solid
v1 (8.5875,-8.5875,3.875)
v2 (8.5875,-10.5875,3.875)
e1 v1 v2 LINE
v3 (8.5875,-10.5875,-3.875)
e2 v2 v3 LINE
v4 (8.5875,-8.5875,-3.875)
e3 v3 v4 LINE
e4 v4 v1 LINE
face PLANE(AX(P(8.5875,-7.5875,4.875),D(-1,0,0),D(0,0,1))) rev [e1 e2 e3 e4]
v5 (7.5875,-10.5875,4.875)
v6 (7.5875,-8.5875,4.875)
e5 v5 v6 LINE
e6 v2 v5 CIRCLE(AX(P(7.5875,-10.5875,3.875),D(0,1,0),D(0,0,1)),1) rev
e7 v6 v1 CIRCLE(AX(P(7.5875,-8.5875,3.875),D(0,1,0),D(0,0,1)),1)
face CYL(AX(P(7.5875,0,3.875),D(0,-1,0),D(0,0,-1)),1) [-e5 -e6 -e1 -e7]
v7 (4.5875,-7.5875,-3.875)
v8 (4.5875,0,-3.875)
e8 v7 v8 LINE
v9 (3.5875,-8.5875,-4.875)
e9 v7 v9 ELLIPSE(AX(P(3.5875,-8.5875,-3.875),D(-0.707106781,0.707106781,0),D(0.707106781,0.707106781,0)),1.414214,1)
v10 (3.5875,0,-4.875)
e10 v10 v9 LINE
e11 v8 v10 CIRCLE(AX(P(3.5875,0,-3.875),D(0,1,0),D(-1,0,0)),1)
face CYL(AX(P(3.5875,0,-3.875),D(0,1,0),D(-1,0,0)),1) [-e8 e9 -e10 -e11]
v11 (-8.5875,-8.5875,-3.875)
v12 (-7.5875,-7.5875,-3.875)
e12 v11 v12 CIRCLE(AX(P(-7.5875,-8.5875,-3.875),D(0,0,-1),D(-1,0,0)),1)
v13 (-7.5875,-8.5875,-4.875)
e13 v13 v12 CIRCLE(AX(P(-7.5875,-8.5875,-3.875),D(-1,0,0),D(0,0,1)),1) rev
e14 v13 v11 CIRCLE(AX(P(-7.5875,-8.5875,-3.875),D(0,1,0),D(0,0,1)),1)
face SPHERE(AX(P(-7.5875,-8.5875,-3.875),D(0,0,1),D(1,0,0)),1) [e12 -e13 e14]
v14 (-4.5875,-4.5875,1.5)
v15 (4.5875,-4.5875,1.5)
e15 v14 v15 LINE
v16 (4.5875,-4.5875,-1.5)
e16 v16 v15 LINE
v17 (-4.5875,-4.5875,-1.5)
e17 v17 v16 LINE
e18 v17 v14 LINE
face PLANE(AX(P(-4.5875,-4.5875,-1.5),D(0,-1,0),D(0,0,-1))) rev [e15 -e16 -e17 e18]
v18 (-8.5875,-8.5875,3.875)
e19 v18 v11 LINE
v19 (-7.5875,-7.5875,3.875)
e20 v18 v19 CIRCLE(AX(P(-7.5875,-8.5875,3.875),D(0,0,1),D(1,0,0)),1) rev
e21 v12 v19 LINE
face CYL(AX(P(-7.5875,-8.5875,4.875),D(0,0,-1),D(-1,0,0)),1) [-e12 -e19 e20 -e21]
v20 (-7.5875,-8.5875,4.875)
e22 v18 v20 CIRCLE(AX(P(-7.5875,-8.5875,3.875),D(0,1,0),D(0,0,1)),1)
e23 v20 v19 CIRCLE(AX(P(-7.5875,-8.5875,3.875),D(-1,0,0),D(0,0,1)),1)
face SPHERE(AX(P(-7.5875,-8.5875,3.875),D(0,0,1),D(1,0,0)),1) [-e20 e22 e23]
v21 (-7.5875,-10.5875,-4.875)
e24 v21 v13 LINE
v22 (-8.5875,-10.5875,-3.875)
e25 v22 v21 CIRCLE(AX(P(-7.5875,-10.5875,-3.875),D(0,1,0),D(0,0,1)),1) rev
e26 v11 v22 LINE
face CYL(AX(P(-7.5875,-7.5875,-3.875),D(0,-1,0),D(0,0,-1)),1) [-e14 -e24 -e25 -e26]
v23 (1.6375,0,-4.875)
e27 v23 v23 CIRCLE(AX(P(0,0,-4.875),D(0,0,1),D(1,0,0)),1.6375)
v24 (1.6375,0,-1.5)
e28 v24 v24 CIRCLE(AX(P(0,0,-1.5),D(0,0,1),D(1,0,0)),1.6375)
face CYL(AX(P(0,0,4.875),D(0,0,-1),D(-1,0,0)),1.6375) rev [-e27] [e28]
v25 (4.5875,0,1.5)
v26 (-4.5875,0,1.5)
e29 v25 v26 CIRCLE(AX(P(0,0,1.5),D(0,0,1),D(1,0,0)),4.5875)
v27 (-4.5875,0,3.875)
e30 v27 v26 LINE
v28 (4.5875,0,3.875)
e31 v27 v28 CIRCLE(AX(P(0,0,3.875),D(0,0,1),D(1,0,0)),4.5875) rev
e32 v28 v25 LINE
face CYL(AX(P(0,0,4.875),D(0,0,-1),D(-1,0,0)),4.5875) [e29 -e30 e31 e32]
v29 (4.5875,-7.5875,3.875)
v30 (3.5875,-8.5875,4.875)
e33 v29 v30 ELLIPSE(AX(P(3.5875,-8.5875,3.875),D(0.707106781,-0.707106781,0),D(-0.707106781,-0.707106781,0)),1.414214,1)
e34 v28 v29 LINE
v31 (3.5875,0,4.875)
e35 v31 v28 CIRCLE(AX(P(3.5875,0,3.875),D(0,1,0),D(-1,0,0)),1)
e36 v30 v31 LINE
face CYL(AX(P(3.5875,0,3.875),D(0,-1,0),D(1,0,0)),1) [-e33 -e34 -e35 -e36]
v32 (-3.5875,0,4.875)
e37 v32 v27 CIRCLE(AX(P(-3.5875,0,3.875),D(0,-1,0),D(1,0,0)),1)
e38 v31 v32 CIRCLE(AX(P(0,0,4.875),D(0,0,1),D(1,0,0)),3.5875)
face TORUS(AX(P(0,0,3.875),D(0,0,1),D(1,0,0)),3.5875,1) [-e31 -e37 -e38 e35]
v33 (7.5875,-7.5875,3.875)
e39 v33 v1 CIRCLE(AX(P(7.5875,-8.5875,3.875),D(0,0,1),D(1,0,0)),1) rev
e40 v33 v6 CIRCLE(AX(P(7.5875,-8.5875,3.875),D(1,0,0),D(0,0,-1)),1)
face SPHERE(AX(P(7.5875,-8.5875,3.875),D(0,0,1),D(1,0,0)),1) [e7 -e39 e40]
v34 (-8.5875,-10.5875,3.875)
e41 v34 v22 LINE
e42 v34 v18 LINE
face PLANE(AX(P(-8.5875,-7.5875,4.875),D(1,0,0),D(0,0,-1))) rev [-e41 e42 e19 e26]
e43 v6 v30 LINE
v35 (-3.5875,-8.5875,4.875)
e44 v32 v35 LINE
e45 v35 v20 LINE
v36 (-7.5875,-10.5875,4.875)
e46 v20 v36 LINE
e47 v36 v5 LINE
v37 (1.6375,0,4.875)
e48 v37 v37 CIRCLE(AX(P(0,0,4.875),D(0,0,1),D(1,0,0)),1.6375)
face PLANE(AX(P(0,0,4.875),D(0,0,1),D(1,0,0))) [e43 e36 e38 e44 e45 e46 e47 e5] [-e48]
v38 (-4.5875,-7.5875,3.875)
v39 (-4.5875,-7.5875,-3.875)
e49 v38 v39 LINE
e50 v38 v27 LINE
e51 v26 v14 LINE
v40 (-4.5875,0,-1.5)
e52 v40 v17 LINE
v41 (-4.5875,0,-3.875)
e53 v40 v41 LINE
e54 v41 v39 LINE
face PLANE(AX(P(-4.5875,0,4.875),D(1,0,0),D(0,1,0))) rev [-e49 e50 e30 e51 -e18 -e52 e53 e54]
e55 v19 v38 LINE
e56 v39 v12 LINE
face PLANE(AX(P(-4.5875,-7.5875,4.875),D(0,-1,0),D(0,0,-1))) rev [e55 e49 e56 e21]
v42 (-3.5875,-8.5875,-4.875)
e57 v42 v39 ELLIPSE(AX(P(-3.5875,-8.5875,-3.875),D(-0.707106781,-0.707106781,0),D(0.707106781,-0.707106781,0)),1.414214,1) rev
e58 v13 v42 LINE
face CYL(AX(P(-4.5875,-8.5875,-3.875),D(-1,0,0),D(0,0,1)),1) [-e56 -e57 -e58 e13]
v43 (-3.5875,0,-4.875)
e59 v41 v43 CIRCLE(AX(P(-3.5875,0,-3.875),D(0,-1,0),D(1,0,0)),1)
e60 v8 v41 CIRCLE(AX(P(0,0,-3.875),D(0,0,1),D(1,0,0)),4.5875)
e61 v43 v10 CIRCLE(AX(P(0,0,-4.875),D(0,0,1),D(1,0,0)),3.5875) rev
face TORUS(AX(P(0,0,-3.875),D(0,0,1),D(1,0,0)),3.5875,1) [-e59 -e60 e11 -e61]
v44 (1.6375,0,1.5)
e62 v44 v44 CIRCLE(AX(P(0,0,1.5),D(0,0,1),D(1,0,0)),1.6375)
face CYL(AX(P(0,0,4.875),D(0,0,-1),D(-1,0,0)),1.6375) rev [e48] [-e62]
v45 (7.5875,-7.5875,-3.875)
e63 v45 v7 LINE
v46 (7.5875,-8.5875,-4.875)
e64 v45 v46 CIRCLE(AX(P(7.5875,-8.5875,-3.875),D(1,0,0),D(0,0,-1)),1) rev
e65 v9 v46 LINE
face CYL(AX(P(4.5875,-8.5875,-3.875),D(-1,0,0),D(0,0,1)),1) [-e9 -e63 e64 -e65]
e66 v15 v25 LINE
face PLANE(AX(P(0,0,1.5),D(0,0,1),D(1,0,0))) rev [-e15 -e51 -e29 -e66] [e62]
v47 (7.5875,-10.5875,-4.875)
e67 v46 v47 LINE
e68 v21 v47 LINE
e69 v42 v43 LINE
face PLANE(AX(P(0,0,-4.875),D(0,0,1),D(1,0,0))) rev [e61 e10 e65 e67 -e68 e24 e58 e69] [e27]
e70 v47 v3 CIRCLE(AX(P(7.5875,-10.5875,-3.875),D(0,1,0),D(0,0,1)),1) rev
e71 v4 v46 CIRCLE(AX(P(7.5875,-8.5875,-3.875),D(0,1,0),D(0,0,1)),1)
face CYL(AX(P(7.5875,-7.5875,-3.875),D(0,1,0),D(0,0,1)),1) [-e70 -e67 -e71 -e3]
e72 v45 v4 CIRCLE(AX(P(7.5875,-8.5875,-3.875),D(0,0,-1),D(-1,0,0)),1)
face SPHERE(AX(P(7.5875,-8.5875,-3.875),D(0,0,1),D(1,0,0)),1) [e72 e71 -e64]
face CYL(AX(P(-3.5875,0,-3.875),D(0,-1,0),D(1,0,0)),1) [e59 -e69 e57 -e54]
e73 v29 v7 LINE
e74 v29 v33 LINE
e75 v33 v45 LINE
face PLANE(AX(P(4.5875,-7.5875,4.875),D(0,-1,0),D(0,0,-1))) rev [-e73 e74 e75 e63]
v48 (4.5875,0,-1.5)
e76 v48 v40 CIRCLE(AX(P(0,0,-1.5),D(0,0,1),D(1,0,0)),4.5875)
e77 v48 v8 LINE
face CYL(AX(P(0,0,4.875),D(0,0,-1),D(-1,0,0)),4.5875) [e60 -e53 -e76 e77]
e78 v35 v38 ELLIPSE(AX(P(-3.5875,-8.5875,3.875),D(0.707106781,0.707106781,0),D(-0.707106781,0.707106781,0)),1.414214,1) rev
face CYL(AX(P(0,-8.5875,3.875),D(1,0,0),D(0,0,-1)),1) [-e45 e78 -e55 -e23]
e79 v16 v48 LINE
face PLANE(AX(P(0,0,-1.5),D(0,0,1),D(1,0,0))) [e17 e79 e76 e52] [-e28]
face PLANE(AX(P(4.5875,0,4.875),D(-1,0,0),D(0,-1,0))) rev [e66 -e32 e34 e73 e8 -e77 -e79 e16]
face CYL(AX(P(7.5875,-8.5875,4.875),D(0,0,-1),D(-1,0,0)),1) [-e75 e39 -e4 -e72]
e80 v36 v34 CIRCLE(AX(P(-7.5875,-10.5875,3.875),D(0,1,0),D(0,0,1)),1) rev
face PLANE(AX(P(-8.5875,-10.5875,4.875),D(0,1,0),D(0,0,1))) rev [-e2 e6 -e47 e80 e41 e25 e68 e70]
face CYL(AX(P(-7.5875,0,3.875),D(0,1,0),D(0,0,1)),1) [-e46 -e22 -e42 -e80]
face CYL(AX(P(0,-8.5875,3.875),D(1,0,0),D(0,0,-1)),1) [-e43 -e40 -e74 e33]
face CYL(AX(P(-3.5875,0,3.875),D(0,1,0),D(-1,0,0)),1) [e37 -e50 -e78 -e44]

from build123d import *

# Parameters (mm, degrees)
SKETCH1_R           = 1.6375
BOSS_EXTRUDE1_DEPTH = 4.875
SKETCH3_R           = 1.6375
CUT_EXTRUDE1_DEPTH  = 1.5
FILLET1_R           = 1


with BuildPart() as part:
    # Sketch1 → Boss-Extrude1 (new body, symmetric)
    with BuildSketch(Plane.XY):
        with BuildLine():
            Line((-4.5875, 0), (-4.5875, -7.5875))
            Line((-4.5875, -7.5875), (-8.5875, -7.5875))
            Line((-8.5875, -7.5875), (-8.5875, -10.5875))
            Line((-8.5875, -10.5875), (8.5875, -10.5875))
            Line((8.5875, -10.5875), (8.5875, -7.5875))
            Line((8.5875, -7.5875), (4.5875, -7.5875))
            Line((4.5875, -7.5875), (4.5875, 0))
            ThreePointArc((4.5875, 0), (0, 4.5875), (-4.5875, 0))
        make_face()
        Circle(SKETCH1_R, mode=Mode.SUBTRACT)
    extrude(amount=BOSS_EXTRUDE1_DEPTH, both=True)

    # Sketch3 → Cut-Extrude1 (cut, symmetric)
    with BuildSketch(Plane.XY):
        with BuildLine():
            Line((-4.5875, 0), (-4.5875, -4.5875))
            Line((-4.5875, -4.5875), (4.5875, -4.5875))
            Line((4.5875, -4.5875), (4.5875, 0))
            ThreePointArc((4.5875, 0), (0, 4.5875), (-4.5875, 0))
        make_face()
        Circle(SKETCH3_R, mode=Mode.SUBTRACT)
    extrude(amount=CUT_EXTRUDE1_DEPTH, both=True, mode=Mode.SUBTRACT)

    # Fillet1
    fillet1_edges = [part.edges().sort_by_distance(p)[0] for p in [
        (-6.5875, -7.5875, 4.875),
        (-4.5875, -3.79375, -4.875),
        (0, 4.5875, -4.875),
        (-8.5875, -9.0875, 4.875),
        (8.5875, -7.5875, 0),
        (-8.5875, -7.5875, 0),
        (8.5875, -9.0875, 4.875),
        (6.5875, -7.5875, 4.875),
        (4.5875, -3.79375, 4.875),
        (0, 4.5875, 4.875),
        (-4.5875, -3.79375, 4.875),
        (4.5875, -3.79375, -4.875),
        (6.5875, -7.5875, -4.875),
        (8.5875, -9.0875, -4.875),
        (-8.5875, -9.0875, -4.875),
        (-6.5875, -7.5875, -4.875),
    ]]
    fillet(fillet1_edges, radius=FILLET1_R)


solid = part.part
